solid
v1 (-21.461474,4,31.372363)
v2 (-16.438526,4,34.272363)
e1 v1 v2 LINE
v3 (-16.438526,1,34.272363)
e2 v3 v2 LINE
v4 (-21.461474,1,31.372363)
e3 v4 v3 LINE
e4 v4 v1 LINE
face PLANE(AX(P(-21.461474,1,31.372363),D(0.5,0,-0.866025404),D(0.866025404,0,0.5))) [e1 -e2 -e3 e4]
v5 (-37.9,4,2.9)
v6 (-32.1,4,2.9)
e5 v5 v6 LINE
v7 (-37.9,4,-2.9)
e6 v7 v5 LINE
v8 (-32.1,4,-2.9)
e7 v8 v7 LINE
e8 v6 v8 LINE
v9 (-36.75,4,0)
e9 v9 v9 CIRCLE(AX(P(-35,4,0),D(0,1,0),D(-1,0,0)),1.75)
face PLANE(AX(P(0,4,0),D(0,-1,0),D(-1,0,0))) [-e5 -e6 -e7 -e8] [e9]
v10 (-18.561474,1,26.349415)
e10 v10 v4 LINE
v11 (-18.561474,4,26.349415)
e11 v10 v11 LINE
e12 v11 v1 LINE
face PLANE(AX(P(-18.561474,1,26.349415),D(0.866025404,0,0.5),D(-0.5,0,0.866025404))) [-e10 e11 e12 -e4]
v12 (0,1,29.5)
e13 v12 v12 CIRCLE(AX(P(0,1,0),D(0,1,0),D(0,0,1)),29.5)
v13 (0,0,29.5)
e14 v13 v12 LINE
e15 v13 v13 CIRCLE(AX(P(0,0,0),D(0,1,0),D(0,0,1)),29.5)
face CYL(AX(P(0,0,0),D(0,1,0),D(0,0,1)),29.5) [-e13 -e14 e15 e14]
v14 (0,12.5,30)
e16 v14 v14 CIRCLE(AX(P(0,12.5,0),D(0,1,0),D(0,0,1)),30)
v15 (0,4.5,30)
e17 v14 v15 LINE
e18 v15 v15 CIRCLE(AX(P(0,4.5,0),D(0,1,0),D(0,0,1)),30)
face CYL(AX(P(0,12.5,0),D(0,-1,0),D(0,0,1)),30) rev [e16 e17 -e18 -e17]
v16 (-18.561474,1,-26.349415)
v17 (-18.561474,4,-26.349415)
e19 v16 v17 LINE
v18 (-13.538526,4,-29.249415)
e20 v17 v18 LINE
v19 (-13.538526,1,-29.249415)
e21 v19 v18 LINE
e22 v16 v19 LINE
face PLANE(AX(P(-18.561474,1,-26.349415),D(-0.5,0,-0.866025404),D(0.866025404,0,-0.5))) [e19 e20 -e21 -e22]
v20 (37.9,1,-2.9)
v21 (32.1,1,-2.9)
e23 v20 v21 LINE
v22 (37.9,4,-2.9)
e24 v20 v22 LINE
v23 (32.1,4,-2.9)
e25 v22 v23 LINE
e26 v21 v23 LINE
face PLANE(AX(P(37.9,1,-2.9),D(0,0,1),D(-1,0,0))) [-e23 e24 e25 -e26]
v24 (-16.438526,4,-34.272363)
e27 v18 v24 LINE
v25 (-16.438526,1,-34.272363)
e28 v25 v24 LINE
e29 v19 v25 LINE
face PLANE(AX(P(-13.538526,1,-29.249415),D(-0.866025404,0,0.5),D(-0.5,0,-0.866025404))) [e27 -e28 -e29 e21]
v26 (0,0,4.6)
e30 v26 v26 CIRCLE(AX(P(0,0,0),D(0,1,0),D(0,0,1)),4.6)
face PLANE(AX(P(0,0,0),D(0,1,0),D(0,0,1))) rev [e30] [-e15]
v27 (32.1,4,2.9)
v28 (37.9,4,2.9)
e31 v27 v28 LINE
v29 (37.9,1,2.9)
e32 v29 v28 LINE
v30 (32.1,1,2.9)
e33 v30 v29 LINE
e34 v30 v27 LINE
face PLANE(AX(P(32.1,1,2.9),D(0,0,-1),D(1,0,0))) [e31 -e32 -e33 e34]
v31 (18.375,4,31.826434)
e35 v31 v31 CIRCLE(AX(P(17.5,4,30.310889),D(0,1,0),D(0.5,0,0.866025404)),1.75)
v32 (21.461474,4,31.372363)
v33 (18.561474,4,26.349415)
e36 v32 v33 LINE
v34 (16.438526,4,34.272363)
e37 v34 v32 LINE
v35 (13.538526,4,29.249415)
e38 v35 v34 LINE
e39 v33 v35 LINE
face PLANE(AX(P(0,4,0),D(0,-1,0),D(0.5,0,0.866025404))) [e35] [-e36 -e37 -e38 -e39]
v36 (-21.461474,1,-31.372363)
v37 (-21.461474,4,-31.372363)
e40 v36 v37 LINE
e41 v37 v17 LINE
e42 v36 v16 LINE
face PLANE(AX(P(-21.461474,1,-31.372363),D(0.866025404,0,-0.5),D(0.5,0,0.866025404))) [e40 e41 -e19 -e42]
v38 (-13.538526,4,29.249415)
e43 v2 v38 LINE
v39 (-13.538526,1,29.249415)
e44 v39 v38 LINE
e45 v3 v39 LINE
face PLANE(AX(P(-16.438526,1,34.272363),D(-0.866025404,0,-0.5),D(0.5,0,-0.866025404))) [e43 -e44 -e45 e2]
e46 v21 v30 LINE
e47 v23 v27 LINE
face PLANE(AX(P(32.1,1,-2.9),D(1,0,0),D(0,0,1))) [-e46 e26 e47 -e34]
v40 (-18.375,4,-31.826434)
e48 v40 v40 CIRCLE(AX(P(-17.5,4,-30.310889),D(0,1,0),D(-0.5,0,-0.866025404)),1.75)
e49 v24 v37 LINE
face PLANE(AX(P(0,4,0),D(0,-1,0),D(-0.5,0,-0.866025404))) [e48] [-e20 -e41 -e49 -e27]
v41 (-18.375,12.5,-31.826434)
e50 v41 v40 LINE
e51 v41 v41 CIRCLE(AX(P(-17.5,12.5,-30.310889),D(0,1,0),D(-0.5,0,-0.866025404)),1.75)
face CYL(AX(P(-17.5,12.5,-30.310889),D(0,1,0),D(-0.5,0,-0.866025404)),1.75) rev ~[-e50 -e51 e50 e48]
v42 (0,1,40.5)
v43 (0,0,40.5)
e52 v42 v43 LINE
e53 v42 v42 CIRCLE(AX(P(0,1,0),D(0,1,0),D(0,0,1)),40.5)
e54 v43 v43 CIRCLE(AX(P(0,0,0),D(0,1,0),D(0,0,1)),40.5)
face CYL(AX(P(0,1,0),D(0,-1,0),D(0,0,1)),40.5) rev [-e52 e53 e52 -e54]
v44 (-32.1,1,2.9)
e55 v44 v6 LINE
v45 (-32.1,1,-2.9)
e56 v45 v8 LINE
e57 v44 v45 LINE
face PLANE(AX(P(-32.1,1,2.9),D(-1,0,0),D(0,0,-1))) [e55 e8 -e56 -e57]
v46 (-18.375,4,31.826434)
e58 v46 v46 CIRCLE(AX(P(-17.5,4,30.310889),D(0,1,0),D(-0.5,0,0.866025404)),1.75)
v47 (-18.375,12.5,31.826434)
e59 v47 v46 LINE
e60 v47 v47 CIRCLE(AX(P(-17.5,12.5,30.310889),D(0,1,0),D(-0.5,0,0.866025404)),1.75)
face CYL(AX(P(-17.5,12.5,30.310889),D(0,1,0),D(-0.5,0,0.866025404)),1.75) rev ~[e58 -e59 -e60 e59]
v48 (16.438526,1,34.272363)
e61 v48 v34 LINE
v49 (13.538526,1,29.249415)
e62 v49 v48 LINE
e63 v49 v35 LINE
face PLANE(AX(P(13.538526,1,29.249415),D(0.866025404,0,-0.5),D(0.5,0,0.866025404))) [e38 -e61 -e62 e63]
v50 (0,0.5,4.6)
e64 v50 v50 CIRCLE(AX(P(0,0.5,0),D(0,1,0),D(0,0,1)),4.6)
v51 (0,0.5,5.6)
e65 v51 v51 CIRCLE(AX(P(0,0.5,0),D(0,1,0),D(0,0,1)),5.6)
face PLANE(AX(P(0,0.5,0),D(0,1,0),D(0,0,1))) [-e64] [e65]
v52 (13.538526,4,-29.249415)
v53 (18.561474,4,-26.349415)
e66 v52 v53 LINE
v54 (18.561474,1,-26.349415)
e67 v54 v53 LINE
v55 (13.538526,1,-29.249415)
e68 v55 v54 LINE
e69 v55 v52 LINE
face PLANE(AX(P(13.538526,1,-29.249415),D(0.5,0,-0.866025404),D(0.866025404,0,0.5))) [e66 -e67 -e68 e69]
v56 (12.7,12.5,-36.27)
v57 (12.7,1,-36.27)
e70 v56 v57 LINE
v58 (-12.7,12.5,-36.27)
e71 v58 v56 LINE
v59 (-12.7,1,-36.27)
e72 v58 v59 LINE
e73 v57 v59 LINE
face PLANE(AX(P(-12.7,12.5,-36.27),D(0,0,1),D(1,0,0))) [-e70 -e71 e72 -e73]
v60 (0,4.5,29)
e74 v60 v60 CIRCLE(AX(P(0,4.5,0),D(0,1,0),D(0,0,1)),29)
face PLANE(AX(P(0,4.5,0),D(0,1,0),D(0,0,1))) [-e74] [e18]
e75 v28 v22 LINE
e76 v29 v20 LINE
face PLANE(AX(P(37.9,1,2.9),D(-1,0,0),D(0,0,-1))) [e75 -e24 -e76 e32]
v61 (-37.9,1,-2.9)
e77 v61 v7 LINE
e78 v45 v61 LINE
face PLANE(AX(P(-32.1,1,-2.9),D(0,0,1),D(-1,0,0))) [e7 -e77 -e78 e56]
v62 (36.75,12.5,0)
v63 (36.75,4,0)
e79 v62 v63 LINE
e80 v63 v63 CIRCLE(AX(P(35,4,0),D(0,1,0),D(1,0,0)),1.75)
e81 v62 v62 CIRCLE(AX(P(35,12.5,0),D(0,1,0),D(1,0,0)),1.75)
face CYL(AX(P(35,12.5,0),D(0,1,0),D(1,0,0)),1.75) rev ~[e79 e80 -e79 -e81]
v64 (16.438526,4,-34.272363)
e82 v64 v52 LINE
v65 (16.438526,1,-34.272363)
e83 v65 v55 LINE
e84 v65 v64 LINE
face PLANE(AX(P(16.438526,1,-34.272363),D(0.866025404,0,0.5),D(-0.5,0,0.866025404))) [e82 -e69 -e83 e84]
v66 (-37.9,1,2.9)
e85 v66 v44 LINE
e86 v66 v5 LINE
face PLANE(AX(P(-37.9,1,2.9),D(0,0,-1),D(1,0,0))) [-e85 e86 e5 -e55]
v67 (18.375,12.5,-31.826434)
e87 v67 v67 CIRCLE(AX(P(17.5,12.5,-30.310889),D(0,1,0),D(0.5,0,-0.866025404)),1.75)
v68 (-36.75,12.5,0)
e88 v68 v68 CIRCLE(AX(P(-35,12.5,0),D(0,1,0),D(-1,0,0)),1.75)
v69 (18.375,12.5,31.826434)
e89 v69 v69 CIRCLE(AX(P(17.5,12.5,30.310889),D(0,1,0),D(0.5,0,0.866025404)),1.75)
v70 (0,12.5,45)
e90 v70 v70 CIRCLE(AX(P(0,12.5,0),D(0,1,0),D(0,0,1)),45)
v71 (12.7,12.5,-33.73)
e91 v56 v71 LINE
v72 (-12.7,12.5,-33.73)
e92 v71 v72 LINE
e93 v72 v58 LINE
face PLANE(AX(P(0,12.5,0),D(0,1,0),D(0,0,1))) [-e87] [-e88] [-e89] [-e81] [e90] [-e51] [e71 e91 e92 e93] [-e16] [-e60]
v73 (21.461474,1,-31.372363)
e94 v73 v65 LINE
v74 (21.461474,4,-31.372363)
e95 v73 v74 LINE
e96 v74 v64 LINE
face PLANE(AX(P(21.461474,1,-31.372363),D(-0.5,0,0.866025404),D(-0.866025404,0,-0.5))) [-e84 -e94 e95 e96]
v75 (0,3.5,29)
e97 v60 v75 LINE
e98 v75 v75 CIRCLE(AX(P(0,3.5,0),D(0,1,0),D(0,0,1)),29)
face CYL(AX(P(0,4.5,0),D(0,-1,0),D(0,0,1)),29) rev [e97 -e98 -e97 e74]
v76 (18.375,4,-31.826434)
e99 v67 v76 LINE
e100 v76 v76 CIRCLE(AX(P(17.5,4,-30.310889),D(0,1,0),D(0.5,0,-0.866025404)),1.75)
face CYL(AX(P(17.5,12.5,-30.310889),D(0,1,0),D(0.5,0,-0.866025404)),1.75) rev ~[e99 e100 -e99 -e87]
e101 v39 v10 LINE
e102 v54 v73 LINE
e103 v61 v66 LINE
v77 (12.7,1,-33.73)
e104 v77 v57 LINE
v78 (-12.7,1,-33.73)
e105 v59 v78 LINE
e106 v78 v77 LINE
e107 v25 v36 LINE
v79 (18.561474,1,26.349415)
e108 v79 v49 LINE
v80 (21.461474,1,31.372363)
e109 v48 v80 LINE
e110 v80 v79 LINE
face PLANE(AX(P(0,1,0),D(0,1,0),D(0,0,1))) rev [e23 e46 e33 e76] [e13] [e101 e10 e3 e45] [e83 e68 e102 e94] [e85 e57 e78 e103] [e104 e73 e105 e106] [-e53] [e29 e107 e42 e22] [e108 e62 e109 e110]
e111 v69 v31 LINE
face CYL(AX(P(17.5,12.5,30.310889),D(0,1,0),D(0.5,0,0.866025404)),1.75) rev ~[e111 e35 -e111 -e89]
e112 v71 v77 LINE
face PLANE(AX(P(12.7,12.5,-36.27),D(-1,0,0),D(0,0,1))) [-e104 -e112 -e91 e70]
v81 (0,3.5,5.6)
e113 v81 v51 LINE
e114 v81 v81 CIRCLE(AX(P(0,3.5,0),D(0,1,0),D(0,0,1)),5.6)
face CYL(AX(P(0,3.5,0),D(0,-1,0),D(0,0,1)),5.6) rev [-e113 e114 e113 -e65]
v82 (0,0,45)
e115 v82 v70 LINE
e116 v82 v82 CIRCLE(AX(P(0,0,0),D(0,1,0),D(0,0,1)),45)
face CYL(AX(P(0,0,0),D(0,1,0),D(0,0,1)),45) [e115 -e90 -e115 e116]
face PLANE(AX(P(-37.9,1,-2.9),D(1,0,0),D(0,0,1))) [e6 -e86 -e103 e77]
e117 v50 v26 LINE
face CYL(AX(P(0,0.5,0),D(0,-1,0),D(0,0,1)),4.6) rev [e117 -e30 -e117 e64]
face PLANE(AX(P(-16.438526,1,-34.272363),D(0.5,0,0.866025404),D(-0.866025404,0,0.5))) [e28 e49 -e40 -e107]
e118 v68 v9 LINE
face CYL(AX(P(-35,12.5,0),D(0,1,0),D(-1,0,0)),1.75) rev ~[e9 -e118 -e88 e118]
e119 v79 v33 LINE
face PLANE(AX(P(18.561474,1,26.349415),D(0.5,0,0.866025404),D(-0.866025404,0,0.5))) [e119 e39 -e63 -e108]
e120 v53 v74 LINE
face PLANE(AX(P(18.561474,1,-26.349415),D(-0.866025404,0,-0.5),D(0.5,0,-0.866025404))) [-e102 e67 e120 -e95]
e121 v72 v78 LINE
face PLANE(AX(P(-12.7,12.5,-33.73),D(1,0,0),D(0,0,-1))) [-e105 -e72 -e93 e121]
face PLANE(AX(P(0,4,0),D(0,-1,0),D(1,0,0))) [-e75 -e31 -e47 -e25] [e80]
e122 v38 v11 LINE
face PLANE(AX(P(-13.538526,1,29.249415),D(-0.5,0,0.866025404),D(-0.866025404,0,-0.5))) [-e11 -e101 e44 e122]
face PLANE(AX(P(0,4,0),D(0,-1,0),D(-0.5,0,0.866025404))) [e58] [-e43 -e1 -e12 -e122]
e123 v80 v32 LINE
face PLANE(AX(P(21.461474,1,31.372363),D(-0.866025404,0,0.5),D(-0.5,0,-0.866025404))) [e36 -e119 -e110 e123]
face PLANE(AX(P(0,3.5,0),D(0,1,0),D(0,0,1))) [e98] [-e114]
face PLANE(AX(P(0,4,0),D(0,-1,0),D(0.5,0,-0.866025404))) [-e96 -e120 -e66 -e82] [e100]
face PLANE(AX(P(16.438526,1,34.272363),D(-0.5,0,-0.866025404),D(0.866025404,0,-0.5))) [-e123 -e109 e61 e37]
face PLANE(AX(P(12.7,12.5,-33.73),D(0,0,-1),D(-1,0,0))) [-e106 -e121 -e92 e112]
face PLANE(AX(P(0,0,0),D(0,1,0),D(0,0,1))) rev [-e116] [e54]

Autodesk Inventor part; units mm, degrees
ref_plane "YZ Plane" through (0, 0, 0) normal (1, 0, 0) x (0, 1, 0)
ref_plane "XZ Plane" through (0, 0, 0) normal (0, 1, 0) x (-1, 0, 0)
ref_plane "XY Plane" through (0, 0, 0) normal (0, 0, 1) x (1, 0, 0)
sketch "Sketch19" plane through (0, 0, 0) normal (1, 0, 0) x (0, 1, 0)
  line L0 (0, 0) -> (14.81, 0) construction
  line L1 (0, 0) -> (0, 4.6) construction
  line L2 (0, 29.5) -> (1, 29.5)
  line L3 (1, 29.5) -> (1, 40.5)
  line L4 (1, 40.5) -> (0, 40.5)
  line L5 (0, 40.5) -> (0, 45)
  line L6 (0, 45) -> (12.5, 45)
  line L7 (12.5, 45) -> (12.5, 30)
  line L8 (12.5, 30) -> (4.5, 30)
  line L9 (4.5, 30) -> (4.5, 29)
  line L10 (4.5, 29) -> (3.5, 29)
  line L11 (3.5, 29) -> (3.5, 5.6)
  line L12 (3.5, 5.6) -> (0.5, 5.6)
  line L13 (0.5, 5.6) -> (0.5, 4.6)
  line L14 (0.5, 4.6) -> (0, 4.6)
  line L15 (0, 4.6) -> (0, 29.5)
  dimension "d90" = 0.5
  dimension "d91" = 5.6
  dimension "d92" = 1
  dimension "d93" = 29.5
  dimension "d94" = 40.5
  dimension "d95" = 45
  dimension "d96" = 1
  dimension "d97" = 1
  dimension "d99" = 30
  dimension "d100" = 1
  dimension "d101" = 8
  dimension "d103" = 3
revolve "Revolution2" add sketch "Sketch19" angle 360 about axis through (0, 0, 0) along (0, 1, 0)
sketch "Sketch20" plane through (0, 12.5, 0) normal (0, 1, 0) x (1, 0, 0)
  circle A0 centre (0, 0) radius 35 construction
  circle A1 centre (35, 0) radius 1.75
  dimension "d104" = 70
  dimension "d105" = 3.5
extrude "Extrusion18" cut sketch "Sketch20" against normal through all
sketch "Sketch21" plane through (0, 1, 0) normal (0, -1, 0) x (1, 0, 0)
  line L0 (32.1, 2.9) -> (37.9, 2.9)
  line L1 (37.9, 2.9) -> (37.9, -2.9)
  line L2 (37.9, -2.9) -> (32.1, -2.9)
  line L3 (32.1, -2.9) -> (32.1, 2.9)
  circle A0 centre (35, 0) radius 1.75 projected
  line L4 (32.1, 2.9) -> (37.9, -2.9) construction
  line L5 (37.9, 2.9) -> (32.1, -2.9) construction
  point P0 (0, 0)
  dimension "d108" = 5.8
  dimension "d109" = 5.8
extrude "Extrusion19" cut sketch "Sketch21" against normal blind 3 contours L0 L1 L2 L3 | A0
pattern_circular "Circular Pattern3" count 6 over 360 about axis through (0, 6.25, 0) along (0, 1, 0) of "Extrusion19", "Extrusion18"
sketch "Sketch22" plane through (0, 12.5, 0) normal (0, 1, 0) x (1, 0, 0)
  line L0 (-12.7, 36.27) -> (12.7, 36.27)
  line L1 (12.7, 36.27) -> (12.7, 33.73)
  line L2 (12.7, 33.73) -> (-12.7, 33.73)
  line L3 (-12.7, 33.73) -> (-12.7, 36.27)
  line L4 (-12.7, 36.27) -> (12.7, 33.73) construction
  line L5 (12.7, 36.27) -> (-12.7, 33.73) construction
  line L6 (0, 35) -> (0, 0) construction
  dimension "d115" = 35
  dimension "d116" = 25.4
  dimension "d117" = 2.54
extrude "Extrusion20" cut sketch "Sketch22" against normal through all
properties part number "Wrist_planetary"
